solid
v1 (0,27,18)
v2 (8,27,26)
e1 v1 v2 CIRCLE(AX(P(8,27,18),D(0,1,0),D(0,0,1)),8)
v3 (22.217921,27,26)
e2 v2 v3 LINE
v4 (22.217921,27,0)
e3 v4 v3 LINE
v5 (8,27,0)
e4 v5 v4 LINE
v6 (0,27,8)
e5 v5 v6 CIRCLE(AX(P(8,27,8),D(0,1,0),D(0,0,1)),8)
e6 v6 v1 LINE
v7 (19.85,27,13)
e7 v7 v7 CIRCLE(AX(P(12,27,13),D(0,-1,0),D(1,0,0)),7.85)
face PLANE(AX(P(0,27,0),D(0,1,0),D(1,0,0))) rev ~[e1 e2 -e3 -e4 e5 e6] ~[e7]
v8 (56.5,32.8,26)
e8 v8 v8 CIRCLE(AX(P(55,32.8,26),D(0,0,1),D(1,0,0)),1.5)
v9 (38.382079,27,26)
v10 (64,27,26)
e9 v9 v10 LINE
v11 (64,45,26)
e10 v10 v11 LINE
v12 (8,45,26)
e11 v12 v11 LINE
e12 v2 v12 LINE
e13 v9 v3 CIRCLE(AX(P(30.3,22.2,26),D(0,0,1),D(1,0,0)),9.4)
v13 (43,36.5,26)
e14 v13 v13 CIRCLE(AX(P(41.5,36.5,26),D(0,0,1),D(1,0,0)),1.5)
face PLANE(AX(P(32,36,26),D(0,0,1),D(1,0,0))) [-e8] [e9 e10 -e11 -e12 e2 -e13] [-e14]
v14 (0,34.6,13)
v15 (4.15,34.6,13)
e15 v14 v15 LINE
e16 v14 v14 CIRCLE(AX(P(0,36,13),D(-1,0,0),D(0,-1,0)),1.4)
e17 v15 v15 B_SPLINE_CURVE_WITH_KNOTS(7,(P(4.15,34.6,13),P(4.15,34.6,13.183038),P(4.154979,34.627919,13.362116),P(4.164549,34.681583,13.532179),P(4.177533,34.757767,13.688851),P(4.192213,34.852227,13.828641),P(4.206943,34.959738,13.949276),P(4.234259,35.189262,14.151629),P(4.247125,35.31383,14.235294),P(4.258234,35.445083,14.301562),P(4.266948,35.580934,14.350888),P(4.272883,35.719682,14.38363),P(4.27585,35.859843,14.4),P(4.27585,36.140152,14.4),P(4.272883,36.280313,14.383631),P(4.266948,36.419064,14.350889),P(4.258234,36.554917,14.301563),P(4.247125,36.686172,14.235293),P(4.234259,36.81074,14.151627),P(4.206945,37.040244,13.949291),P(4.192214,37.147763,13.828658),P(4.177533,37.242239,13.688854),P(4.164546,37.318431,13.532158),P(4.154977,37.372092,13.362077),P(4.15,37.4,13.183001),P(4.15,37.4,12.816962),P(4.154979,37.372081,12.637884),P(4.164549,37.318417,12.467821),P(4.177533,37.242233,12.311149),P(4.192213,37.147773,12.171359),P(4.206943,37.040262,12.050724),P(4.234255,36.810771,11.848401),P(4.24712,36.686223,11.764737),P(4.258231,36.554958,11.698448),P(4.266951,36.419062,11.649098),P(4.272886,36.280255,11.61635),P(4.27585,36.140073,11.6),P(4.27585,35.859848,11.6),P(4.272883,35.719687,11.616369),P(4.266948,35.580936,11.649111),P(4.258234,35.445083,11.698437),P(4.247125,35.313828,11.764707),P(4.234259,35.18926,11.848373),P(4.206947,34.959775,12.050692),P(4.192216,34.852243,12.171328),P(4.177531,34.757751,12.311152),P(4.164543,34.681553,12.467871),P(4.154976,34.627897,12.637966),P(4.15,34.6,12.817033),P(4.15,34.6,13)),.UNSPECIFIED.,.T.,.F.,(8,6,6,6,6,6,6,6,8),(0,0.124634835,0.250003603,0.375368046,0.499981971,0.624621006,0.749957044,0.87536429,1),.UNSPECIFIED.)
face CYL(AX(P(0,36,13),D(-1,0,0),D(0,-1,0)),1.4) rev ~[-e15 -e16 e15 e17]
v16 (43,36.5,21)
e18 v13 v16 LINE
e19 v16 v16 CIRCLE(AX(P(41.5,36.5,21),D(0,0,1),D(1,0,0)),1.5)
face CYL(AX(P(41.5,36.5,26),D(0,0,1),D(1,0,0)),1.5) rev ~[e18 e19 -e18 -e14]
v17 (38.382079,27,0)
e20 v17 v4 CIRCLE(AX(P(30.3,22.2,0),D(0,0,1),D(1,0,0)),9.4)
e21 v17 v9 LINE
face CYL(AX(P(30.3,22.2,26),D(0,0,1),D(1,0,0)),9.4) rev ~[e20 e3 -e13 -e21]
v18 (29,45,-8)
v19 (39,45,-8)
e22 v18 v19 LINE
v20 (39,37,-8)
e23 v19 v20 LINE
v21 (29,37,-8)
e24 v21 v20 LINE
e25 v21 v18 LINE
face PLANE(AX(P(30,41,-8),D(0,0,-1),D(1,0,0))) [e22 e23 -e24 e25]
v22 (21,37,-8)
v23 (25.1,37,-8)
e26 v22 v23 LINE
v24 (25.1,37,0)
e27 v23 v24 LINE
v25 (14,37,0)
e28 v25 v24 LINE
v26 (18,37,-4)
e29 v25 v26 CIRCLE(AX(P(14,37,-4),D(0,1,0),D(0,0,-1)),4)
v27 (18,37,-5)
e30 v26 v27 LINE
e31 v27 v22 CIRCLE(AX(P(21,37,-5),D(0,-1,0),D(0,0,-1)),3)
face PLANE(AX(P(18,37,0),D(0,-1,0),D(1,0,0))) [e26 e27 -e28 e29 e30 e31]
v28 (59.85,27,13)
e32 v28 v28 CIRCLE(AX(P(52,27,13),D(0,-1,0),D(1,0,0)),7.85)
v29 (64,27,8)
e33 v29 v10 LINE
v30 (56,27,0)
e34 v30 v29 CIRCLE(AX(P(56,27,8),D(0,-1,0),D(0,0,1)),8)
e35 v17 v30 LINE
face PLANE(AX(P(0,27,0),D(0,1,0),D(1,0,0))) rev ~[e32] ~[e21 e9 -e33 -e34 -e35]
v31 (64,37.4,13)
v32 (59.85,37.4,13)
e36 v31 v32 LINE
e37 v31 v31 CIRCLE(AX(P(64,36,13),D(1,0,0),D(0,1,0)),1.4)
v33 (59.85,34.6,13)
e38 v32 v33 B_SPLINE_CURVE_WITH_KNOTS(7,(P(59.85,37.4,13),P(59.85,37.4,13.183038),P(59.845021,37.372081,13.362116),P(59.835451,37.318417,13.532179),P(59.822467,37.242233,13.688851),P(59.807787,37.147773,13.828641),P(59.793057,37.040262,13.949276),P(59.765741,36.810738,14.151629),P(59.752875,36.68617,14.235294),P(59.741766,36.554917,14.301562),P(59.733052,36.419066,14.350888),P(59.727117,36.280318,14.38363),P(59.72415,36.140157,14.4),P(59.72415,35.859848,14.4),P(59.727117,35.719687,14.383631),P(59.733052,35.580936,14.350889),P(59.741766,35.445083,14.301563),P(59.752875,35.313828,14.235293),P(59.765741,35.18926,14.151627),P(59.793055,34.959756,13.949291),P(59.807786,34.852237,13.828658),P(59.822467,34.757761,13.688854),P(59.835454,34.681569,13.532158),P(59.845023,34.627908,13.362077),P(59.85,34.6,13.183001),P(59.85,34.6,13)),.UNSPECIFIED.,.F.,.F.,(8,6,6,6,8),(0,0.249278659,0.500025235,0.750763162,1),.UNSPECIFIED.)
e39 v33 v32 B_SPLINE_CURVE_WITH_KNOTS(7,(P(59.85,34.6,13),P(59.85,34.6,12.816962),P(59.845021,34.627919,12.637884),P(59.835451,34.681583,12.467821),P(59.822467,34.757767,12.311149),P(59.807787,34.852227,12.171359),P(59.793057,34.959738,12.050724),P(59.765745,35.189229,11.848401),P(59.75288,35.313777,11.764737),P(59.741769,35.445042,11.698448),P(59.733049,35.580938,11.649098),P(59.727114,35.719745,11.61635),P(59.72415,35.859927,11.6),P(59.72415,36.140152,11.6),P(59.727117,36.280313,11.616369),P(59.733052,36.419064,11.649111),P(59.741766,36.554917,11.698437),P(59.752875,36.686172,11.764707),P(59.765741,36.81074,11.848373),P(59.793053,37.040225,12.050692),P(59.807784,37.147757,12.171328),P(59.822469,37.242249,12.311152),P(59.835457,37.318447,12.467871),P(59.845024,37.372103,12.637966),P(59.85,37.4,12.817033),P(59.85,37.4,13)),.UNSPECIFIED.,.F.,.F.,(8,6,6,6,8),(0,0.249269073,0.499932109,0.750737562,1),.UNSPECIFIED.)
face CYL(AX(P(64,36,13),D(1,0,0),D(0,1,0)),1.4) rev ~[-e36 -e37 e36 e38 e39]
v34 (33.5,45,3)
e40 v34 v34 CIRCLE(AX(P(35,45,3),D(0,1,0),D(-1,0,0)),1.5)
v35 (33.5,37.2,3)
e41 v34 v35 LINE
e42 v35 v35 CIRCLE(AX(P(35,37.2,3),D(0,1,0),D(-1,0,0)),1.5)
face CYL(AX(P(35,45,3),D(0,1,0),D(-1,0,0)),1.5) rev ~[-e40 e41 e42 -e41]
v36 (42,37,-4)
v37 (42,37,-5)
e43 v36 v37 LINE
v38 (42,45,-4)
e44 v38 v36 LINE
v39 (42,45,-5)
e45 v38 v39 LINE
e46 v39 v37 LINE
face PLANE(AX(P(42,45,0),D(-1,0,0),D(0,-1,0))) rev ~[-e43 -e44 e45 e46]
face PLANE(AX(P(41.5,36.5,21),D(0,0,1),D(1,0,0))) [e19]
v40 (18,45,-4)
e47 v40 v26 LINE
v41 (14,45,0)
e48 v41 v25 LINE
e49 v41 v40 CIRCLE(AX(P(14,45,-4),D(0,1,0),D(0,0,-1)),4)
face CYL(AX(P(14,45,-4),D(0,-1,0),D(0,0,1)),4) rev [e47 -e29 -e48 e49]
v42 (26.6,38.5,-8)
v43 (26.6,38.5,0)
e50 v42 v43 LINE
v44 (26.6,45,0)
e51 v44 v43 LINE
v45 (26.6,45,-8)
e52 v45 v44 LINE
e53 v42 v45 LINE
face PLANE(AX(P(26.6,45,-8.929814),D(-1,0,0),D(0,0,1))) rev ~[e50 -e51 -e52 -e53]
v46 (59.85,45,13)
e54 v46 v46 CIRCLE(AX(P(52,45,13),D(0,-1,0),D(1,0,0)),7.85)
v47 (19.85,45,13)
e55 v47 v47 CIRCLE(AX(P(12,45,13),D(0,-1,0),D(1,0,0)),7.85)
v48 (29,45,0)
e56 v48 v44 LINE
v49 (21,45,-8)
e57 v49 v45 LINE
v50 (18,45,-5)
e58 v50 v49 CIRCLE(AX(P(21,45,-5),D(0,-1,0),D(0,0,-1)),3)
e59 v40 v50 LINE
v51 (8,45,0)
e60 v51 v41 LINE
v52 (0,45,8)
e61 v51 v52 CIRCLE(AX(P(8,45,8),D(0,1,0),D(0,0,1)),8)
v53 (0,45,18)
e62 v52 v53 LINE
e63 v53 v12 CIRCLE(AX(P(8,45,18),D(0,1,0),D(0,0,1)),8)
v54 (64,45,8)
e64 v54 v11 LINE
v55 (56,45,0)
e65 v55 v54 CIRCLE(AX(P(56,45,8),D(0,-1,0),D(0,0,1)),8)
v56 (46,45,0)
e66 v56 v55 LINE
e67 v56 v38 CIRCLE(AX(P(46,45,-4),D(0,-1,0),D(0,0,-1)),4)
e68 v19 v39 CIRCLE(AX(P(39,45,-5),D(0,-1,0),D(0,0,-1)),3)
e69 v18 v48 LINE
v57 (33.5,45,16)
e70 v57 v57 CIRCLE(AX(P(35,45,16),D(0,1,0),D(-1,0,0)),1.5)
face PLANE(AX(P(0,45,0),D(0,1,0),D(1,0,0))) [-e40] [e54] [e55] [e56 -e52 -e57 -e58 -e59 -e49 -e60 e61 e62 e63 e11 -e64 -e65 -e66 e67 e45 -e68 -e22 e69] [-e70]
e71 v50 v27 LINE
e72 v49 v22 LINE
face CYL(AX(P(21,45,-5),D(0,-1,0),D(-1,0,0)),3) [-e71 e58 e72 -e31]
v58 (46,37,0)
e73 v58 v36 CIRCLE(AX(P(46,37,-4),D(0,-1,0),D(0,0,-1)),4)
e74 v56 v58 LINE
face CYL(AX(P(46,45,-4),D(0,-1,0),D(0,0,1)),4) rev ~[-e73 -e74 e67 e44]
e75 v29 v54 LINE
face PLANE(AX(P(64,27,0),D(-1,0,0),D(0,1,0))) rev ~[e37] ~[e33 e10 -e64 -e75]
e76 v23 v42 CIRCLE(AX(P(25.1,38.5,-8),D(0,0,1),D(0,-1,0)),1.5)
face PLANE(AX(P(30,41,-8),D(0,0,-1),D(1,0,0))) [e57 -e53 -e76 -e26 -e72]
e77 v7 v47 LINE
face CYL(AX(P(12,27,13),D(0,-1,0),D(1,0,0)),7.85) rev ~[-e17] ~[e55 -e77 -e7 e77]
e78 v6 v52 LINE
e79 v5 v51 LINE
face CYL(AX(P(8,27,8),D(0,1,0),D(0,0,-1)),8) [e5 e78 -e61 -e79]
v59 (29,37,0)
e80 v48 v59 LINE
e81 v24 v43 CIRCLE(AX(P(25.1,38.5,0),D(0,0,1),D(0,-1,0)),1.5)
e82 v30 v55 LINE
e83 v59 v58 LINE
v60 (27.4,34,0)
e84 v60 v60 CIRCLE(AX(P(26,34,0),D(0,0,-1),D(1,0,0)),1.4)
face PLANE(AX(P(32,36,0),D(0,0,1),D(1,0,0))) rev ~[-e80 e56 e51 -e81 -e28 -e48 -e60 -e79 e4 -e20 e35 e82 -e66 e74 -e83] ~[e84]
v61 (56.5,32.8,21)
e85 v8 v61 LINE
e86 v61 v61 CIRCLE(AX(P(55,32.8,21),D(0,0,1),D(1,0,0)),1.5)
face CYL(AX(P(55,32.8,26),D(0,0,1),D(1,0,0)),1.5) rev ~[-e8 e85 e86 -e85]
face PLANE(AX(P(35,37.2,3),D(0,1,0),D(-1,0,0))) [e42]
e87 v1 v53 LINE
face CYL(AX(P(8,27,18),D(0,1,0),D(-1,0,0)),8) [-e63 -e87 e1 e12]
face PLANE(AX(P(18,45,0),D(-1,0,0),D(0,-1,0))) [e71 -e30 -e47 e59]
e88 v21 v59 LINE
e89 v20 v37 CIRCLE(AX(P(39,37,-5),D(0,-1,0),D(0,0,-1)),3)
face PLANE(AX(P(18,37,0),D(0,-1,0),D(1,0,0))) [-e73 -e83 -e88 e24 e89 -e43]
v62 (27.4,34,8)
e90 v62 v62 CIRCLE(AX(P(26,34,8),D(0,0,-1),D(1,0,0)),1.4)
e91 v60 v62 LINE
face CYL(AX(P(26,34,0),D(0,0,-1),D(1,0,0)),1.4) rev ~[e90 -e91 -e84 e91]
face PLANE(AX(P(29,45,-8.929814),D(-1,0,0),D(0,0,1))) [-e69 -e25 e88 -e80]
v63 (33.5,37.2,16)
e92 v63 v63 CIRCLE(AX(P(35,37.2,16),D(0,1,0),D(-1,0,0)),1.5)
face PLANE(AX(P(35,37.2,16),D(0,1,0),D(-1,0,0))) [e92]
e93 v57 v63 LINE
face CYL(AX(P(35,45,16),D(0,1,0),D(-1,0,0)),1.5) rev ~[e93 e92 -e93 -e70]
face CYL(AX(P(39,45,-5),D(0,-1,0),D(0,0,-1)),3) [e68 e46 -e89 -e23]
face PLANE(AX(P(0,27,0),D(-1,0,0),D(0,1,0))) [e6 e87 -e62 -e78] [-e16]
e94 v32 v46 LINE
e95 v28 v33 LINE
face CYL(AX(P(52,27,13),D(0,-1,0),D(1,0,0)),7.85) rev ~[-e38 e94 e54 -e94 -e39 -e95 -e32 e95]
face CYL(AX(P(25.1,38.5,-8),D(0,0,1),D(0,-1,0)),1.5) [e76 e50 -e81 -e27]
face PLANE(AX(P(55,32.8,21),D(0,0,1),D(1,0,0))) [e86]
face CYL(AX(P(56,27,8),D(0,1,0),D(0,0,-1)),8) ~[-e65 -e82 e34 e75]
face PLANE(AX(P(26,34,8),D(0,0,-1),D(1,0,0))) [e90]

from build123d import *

# Parameters (mm, degrees)
BOX001_W        = 64
BOX001_H        = 18
BOX001_DEPTH    = 26
SKETCH010_R     = 7.85
POCKET001_DEPTH = 18.001
SKETCH011_W     = 24
SKETCH011_H     = 8
PAD001_DEPTH    = 8
SKETCH017_R     = 9.4
POCKET003_DEPTH = 34.001
SKETCH019_R     = 1.5
POCKET005_DEPTH = 5
SKETCH022_R     = 1.4
POCKET008_DEPTH = 5
SKETCH023_R     = 1.4
POCKET009_DEPTH = 5
SKETCH025_R     = 1.4
POCKET010_DEPTH = 8
SKETCH028_R     = 1.5
POCKET013_DEPTH = 7.8
SKETCH024_W     = 2.4
SKETCH024_H     = 8.929814
POCKET014_DEPTH = 8
FILLET_R        = 4
FILLET001_R     = 3
FILLET002_R     = 1.5
FILLET003_R     = 8


with BuildPart() as part:
    # Box001 → Box001 (new body)
    with BuildSketch(Plane(origin=(0, 27, 0), x_dir=(1, 0, 0), z_dir=(0, 0, 1))):
        with Locations((32, 9)):
            Rectangle(BOX001_W, BOX001_H)
    extrude(amount=BOX001_DEPTH)

    # Sketch010 → Pocket001 (cut, through all)
    with BuildSketch(Plane.XZ.offset(-27)):
        with Locations((12, 13)):
            Circle(SKETCH010_R)
        with Locations((52, 13)):
            Circle(SKETCH010_R)
    extrude(amount=-POCKET001_DEPTH, mode=Mode.SUBTRACT)

    # Sketch011 → Pad001 (new body)
    with BuildSketch(Plane(origin=(0, 27, 0), x_dir=(1, 0, 0), z_dir=(0, 0, -1))):
        with Locations((30, -14)):
            Rectangle(SKETCH011_W, SKETCH011_H)
    extrude(amount=PAD001_DEPTH)

    # Sketch017 → Pocket003 (cut, through all)
    with BuildSketch(Plane(origin=(0, 27, 26), x_dir=(1, 0, 0), z_dir=(0, 0, 1))):
        with Locations((30.3, -4.8)):
            Circle(SKETCH017_R)
    extrude(amount=-POCKET003_DEPTH, mode=Mode.SUBTRACT)

    # Sketch019 → Pocket005 (cut)
    with BuildSketch(Plane(origin=(0, 27, 26), x_dir=(1, 0, 0), z_dir=(0, 0, 1))):
        with Locations((41.5, 9.5)):
            Circle(SKETCH019_R)
        with Locations((55, 5.8)):
            Circle(SKETCH019_R)
    extrude(amount=-POCKET005_DEPTH, mode=Mode.SUBTRACT)

    # Sketch022 → Pocket008 (cut)
    with BuildSketch(Plane(origin=(0, 27, 0), x_dir=(0, -1, 0), z_dir=(-1, 0, 0))):
        with Locations((-9, 13)):
            Circle(SKETCH022_R)
    extrude(amount=-POCKET008_DEPTH, mode=Mode.SUBTRACT)

    # Sketch023 → Pocket009 (cut)
    with BuildSketch(Plane(origin=(64, 27, 0), x_dir=(0, 1, 0), z_dir=(1, 0, 0))):
        with Locations((9, 13)):
            Circle(SKETCH023_R)
    extrude(amount=-POCKET009_DEPTH, mode=Mode.SUBTRACT)

    # Sketch025 → Pocket010 (cut)
    with BuildSketch(Plane(origin=(0, 27, 0), x_dir=(1, 0, 0), z_dir=(0, 0, -1))):
        with Locations((26, -7)):
            Circle(SKETCH025_R)
    extrude(amount=-POCKET010_DEPTH, mode=Mode.SUBTRACT)

    # Sketch028 → Pocket013 (cut)
    with BuildSketch(Plane(origin=(0, 45, 0), x_dir=(-1, 0, 0), z_dir=(0, 1, 0))):
        with Locations((-35, 3)):
            Circle(SKETCH028_R)
        with Locations((-35, 16)):
            Circle(SKETCH028_R)
    extrude(amount=-POCKET013_DEPTH, mode=Mode.SUBTRACT)

    # Sketch024 → Pocket014 (cut)
    with BuildSketch(Plane(origin=(0, 45, 0), x_dir=(-1, 0, 0), z_dir=(0, 1, 0))):
        with Locations((-27.8, -4.464907)):
            Rectangle(SKETCH024_W, SKETCH024_H)
    extrude(amount=-POCKET014_DEPTH, mode=Mode.SUBTRACT)

    # Fillet
    fillet_edges = [part.edges().sort_by_distance(p)[0] for p in [
        (18, 41, 0),
        (42, 41, 0),
    ]]
    fillet(fillet_edges, radius=FILLET_R)

    # Fillet001
    fillet001_edges = [part.edges().sort_by_distance(p)[0] for p in [
        (42, 41, -8),
        (18, 41, -8),
    ]]
    fillet(fillet001_edges, radius=FILLET001_R)

    # Fillet002
    fillet002_edges = [part.edges().sort_by_distance(p)[0] for p in [
        (26.6, 37, -4),
    ]]
    fillet(fillet002_edges, radius=FILLET002_R)

    # Fillet003
    fillet003_edges = [part.edges().sort_by_distance(p)[0] for p in [
        (64, 36, 0),
        (0, 36, 26),
        (0, 36, 0),
    ]]
    fillet(fillet003_edges, radius=FILLET003_R)


solid = part.part
